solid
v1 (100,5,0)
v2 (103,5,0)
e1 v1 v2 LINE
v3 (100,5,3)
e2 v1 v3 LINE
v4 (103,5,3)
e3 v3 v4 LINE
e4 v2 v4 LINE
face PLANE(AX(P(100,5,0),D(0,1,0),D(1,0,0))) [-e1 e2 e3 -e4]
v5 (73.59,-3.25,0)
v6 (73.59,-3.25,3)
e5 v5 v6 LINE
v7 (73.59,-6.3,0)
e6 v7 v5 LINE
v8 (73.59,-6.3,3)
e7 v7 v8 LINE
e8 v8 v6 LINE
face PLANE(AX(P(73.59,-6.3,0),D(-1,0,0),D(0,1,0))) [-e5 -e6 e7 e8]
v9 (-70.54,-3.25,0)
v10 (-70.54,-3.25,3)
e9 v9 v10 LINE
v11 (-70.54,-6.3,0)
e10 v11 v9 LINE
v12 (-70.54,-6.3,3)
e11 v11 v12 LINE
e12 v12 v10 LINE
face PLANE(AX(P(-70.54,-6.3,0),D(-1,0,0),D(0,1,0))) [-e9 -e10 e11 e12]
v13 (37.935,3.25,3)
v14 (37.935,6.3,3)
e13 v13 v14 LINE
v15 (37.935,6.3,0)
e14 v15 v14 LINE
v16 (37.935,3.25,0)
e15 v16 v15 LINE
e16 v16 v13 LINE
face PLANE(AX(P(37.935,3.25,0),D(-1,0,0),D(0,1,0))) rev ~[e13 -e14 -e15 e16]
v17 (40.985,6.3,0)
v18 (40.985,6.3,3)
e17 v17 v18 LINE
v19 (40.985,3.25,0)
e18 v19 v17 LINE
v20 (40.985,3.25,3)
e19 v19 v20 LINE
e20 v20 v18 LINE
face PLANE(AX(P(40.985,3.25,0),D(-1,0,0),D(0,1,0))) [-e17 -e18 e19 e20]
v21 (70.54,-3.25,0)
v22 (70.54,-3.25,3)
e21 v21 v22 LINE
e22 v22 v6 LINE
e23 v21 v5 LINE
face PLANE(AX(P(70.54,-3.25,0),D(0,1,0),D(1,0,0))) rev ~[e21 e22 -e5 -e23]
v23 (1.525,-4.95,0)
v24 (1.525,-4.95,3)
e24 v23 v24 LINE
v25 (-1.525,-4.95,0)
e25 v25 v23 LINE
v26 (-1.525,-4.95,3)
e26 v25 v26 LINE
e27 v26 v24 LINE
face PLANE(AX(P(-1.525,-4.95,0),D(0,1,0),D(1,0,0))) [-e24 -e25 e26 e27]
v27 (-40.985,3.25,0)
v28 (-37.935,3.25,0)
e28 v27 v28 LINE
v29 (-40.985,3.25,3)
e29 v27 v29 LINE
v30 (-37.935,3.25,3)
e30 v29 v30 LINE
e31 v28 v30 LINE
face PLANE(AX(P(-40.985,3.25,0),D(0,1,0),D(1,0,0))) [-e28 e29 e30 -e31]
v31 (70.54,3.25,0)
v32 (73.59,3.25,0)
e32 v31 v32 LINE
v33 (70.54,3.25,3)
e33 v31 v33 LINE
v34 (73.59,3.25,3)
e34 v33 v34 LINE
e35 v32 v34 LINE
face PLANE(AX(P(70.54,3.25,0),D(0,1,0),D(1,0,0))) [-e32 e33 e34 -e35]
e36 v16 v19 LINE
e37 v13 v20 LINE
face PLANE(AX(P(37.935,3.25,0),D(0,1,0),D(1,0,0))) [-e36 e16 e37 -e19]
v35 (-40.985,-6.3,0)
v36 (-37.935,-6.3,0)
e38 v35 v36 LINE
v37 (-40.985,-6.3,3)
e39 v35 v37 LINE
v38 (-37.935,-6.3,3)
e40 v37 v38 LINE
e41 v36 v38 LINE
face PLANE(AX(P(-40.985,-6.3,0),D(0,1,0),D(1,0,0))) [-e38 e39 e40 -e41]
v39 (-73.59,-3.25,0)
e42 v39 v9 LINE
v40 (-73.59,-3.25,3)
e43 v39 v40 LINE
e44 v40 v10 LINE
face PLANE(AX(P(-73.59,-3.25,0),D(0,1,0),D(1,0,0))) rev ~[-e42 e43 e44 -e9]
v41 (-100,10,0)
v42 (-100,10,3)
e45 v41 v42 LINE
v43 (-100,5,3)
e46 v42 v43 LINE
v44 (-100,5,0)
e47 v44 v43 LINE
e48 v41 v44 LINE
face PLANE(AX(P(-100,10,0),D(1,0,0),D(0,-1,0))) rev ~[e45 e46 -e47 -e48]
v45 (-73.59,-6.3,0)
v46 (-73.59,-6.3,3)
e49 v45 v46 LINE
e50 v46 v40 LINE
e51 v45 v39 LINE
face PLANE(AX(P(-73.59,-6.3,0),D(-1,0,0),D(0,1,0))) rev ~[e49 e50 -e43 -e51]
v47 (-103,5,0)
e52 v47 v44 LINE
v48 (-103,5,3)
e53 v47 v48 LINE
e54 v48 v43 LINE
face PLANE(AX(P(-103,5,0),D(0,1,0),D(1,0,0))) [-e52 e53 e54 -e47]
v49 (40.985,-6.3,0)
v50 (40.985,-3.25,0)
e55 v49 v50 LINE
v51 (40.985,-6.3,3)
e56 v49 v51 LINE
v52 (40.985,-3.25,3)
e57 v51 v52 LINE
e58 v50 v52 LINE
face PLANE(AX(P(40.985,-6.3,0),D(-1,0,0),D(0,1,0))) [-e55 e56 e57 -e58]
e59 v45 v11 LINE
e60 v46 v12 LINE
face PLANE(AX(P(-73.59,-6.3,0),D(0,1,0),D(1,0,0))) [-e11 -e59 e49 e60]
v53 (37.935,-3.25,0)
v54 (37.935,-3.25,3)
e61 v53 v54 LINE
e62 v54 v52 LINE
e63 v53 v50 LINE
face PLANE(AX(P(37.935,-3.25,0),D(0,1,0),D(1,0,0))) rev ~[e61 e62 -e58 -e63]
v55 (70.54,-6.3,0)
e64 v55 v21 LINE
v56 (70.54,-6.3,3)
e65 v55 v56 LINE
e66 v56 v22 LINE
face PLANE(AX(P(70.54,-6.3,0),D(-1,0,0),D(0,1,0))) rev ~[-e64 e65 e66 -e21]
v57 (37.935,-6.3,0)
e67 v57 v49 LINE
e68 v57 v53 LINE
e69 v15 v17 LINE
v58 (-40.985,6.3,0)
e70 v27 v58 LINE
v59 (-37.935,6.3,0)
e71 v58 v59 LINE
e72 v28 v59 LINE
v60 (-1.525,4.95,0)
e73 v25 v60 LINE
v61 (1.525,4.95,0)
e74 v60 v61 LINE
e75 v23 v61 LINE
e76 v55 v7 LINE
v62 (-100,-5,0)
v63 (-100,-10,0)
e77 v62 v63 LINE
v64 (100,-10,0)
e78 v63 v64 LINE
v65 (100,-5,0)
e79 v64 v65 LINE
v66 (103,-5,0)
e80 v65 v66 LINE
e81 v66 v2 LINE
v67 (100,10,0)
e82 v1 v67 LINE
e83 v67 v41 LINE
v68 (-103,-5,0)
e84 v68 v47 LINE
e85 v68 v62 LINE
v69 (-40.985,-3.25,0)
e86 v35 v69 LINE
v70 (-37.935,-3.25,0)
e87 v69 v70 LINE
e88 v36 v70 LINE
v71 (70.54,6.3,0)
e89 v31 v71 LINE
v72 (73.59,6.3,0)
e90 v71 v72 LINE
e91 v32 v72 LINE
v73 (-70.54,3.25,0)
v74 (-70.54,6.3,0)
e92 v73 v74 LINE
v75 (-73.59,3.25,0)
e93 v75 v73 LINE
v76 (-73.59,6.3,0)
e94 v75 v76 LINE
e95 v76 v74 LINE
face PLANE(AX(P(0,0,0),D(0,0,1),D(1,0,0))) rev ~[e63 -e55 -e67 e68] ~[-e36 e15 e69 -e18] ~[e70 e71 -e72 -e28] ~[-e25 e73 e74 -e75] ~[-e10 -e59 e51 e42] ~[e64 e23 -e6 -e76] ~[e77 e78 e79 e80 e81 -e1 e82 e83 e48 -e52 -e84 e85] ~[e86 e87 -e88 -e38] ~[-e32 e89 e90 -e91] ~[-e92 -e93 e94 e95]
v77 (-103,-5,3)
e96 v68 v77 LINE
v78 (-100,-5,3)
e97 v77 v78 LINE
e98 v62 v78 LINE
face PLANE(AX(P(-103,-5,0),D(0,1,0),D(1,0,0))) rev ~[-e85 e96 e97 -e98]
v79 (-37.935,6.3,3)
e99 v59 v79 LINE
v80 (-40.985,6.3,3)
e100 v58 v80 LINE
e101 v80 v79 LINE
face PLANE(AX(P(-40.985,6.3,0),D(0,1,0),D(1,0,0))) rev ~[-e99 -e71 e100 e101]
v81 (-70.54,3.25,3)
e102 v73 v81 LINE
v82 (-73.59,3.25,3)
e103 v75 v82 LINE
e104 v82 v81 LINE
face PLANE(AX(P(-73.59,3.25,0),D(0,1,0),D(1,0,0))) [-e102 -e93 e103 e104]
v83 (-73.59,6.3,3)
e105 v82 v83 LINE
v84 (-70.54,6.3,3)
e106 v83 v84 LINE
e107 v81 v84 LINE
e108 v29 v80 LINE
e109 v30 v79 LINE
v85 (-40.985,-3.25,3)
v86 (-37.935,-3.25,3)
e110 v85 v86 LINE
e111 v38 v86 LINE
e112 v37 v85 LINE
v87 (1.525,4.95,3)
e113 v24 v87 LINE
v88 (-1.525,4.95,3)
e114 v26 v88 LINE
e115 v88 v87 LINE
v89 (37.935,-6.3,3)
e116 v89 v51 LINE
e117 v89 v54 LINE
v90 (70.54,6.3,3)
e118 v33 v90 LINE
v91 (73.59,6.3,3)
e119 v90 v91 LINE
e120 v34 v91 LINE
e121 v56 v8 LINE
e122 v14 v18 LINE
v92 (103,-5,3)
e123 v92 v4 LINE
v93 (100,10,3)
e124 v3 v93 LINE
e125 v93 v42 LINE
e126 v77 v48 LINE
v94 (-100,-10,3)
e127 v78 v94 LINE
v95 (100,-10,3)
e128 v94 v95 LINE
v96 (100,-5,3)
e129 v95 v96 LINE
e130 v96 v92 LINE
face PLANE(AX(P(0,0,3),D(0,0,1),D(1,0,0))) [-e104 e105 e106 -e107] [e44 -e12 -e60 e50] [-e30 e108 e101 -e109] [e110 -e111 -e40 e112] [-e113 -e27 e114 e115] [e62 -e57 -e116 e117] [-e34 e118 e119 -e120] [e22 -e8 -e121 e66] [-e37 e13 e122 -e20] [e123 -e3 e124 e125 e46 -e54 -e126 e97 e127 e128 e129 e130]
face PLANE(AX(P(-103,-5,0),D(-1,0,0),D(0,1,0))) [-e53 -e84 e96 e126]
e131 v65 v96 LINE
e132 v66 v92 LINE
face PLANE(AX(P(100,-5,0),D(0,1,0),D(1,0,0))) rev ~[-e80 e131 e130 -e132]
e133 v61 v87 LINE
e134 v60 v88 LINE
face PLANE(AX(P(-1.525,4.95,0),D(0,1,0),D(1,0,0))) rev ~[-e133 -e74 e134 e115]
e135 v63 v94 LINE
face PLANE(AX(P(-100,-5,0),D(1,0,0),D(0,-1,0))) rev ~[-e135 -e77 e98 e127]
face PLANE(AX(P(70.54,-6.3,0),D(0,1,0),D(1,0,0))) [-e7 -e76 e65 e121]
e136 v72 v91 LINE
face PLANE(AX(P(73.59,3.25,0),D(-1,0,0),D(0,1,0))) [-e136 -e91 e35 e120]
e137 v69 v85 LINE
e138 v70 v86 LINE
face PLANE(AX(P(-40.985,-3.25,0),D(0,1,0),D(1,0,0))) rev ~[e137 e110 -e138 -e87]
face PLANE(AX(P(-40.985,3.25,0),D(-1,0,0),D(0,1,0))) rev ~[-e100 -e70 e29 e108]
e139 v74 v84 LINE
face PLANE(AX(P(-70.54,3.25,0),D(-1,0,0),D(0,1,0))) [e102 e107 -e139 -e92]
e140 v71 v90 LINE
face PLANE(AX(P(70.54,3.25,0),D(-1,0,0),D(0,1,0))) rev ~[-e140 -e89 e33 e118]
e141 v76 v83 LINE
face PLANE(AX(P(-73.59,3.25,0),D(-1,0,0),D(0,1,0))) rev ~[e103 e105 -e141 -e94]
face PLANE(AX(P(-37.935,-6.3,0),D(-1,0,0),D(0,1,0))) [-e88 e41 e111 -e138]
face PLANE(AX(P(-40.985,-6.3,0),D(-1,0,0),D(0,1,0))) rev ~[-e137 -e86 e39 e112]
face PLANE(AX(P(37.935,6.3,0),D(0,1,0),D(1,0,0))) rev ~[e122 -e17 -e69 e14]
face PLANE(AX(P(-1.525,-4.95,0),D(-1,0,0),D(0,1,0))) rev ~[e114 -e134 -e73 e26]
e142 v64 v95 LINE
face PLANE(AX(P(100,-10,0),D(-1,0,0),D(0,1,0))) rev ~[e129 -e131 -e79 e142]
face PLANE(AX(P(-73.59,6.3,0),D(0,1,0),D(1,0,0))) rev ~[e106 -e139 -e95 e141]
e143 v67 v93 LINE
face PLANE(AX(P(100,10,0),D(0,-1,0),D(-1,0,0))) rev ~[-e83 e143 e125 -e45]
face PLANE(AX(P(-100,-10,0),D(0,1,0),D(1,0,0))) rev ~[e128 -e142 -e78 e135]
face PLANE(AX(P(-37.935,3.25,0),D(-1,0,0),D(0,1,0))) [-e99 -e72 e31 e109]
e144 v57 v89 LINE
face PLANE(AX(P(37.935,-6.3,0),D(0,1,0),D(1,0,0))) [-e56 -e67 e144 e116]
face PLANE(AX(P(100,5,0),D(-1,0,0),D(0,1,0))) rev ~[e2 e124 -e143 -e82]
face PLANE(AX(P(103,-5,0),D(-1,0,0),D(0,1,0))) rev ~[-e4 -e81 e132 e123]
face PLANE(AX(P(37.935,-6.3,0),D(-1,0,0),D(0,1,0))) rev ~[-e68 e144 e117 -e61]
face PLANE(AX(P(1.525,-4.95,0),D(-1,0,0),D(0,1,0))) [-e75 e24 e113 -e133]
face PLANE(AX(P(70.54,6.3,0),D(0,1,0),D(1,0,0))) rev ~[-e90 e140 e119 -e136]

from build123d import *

# Parameters (mm, degrees)
F0_W     = 3.05
F0_H     = 3.05
F0_H_2   = 9.9
F0_W_2   = 3
F0_H_3   = 10
F1_DEPTH = 3


with BuildPart() as f1:
    # F0 (on Top) → F1 (new body)
    with BuildSketch(Plane.XY):
        Polygon((-100, -5), (-100, -10), (100, -10), (100, -5), (100, 5), (100, 10), (-100, 10), (-100, 5), align=None)
        with Locations((-72.065, -4.775)):
            Rectangle(F0_W, F0_H, mode=Mode.SUBTRACT)
        with Locations((-39.46, -4.775)):
            Rectangle(F0_W, F0_H, mode=Mode.SUBTRACT)
        with Locations((39.46, -4.775)):
            Rectangle(F0_W, F0_H, mode=Mode.SUBTRACT)
        with Locations((72.065, -4.775)):
            Rectangle(F0_W, F0_H, mode=Mode.SUBTRACT)
        with Locations((-72.065, 4.775)):
            Rectangle(F0_W, F0_H, mode=Mode.SUBTRACT)
        Rectangle(F0_W, F0_H_2, mode=Mode.SUBTRACT)
        with Locations((-39.46, 4.775)):
            Rectangle(F0_W, F0_H, mode=Mode.SUBTRACT)
        with Locations((39.46, 4.775)):
            Rectangle(F0_W, F0_H, mode=Mode.SUBTRACT)
        with Locations((72.065, 4.775)):
            Rectangle(F0_W, F0_H, mode=Mode.SUBTRACT)
        with Locations((-101.5, 0)):
            Rectangle(F0_W_2, F0_H_3)
        with Locations((101.5, 0)):
            Rectangle(F0_W_2, F0_H_3)
    extrude(amount=F1_DEPTH)


solid = f1.part
